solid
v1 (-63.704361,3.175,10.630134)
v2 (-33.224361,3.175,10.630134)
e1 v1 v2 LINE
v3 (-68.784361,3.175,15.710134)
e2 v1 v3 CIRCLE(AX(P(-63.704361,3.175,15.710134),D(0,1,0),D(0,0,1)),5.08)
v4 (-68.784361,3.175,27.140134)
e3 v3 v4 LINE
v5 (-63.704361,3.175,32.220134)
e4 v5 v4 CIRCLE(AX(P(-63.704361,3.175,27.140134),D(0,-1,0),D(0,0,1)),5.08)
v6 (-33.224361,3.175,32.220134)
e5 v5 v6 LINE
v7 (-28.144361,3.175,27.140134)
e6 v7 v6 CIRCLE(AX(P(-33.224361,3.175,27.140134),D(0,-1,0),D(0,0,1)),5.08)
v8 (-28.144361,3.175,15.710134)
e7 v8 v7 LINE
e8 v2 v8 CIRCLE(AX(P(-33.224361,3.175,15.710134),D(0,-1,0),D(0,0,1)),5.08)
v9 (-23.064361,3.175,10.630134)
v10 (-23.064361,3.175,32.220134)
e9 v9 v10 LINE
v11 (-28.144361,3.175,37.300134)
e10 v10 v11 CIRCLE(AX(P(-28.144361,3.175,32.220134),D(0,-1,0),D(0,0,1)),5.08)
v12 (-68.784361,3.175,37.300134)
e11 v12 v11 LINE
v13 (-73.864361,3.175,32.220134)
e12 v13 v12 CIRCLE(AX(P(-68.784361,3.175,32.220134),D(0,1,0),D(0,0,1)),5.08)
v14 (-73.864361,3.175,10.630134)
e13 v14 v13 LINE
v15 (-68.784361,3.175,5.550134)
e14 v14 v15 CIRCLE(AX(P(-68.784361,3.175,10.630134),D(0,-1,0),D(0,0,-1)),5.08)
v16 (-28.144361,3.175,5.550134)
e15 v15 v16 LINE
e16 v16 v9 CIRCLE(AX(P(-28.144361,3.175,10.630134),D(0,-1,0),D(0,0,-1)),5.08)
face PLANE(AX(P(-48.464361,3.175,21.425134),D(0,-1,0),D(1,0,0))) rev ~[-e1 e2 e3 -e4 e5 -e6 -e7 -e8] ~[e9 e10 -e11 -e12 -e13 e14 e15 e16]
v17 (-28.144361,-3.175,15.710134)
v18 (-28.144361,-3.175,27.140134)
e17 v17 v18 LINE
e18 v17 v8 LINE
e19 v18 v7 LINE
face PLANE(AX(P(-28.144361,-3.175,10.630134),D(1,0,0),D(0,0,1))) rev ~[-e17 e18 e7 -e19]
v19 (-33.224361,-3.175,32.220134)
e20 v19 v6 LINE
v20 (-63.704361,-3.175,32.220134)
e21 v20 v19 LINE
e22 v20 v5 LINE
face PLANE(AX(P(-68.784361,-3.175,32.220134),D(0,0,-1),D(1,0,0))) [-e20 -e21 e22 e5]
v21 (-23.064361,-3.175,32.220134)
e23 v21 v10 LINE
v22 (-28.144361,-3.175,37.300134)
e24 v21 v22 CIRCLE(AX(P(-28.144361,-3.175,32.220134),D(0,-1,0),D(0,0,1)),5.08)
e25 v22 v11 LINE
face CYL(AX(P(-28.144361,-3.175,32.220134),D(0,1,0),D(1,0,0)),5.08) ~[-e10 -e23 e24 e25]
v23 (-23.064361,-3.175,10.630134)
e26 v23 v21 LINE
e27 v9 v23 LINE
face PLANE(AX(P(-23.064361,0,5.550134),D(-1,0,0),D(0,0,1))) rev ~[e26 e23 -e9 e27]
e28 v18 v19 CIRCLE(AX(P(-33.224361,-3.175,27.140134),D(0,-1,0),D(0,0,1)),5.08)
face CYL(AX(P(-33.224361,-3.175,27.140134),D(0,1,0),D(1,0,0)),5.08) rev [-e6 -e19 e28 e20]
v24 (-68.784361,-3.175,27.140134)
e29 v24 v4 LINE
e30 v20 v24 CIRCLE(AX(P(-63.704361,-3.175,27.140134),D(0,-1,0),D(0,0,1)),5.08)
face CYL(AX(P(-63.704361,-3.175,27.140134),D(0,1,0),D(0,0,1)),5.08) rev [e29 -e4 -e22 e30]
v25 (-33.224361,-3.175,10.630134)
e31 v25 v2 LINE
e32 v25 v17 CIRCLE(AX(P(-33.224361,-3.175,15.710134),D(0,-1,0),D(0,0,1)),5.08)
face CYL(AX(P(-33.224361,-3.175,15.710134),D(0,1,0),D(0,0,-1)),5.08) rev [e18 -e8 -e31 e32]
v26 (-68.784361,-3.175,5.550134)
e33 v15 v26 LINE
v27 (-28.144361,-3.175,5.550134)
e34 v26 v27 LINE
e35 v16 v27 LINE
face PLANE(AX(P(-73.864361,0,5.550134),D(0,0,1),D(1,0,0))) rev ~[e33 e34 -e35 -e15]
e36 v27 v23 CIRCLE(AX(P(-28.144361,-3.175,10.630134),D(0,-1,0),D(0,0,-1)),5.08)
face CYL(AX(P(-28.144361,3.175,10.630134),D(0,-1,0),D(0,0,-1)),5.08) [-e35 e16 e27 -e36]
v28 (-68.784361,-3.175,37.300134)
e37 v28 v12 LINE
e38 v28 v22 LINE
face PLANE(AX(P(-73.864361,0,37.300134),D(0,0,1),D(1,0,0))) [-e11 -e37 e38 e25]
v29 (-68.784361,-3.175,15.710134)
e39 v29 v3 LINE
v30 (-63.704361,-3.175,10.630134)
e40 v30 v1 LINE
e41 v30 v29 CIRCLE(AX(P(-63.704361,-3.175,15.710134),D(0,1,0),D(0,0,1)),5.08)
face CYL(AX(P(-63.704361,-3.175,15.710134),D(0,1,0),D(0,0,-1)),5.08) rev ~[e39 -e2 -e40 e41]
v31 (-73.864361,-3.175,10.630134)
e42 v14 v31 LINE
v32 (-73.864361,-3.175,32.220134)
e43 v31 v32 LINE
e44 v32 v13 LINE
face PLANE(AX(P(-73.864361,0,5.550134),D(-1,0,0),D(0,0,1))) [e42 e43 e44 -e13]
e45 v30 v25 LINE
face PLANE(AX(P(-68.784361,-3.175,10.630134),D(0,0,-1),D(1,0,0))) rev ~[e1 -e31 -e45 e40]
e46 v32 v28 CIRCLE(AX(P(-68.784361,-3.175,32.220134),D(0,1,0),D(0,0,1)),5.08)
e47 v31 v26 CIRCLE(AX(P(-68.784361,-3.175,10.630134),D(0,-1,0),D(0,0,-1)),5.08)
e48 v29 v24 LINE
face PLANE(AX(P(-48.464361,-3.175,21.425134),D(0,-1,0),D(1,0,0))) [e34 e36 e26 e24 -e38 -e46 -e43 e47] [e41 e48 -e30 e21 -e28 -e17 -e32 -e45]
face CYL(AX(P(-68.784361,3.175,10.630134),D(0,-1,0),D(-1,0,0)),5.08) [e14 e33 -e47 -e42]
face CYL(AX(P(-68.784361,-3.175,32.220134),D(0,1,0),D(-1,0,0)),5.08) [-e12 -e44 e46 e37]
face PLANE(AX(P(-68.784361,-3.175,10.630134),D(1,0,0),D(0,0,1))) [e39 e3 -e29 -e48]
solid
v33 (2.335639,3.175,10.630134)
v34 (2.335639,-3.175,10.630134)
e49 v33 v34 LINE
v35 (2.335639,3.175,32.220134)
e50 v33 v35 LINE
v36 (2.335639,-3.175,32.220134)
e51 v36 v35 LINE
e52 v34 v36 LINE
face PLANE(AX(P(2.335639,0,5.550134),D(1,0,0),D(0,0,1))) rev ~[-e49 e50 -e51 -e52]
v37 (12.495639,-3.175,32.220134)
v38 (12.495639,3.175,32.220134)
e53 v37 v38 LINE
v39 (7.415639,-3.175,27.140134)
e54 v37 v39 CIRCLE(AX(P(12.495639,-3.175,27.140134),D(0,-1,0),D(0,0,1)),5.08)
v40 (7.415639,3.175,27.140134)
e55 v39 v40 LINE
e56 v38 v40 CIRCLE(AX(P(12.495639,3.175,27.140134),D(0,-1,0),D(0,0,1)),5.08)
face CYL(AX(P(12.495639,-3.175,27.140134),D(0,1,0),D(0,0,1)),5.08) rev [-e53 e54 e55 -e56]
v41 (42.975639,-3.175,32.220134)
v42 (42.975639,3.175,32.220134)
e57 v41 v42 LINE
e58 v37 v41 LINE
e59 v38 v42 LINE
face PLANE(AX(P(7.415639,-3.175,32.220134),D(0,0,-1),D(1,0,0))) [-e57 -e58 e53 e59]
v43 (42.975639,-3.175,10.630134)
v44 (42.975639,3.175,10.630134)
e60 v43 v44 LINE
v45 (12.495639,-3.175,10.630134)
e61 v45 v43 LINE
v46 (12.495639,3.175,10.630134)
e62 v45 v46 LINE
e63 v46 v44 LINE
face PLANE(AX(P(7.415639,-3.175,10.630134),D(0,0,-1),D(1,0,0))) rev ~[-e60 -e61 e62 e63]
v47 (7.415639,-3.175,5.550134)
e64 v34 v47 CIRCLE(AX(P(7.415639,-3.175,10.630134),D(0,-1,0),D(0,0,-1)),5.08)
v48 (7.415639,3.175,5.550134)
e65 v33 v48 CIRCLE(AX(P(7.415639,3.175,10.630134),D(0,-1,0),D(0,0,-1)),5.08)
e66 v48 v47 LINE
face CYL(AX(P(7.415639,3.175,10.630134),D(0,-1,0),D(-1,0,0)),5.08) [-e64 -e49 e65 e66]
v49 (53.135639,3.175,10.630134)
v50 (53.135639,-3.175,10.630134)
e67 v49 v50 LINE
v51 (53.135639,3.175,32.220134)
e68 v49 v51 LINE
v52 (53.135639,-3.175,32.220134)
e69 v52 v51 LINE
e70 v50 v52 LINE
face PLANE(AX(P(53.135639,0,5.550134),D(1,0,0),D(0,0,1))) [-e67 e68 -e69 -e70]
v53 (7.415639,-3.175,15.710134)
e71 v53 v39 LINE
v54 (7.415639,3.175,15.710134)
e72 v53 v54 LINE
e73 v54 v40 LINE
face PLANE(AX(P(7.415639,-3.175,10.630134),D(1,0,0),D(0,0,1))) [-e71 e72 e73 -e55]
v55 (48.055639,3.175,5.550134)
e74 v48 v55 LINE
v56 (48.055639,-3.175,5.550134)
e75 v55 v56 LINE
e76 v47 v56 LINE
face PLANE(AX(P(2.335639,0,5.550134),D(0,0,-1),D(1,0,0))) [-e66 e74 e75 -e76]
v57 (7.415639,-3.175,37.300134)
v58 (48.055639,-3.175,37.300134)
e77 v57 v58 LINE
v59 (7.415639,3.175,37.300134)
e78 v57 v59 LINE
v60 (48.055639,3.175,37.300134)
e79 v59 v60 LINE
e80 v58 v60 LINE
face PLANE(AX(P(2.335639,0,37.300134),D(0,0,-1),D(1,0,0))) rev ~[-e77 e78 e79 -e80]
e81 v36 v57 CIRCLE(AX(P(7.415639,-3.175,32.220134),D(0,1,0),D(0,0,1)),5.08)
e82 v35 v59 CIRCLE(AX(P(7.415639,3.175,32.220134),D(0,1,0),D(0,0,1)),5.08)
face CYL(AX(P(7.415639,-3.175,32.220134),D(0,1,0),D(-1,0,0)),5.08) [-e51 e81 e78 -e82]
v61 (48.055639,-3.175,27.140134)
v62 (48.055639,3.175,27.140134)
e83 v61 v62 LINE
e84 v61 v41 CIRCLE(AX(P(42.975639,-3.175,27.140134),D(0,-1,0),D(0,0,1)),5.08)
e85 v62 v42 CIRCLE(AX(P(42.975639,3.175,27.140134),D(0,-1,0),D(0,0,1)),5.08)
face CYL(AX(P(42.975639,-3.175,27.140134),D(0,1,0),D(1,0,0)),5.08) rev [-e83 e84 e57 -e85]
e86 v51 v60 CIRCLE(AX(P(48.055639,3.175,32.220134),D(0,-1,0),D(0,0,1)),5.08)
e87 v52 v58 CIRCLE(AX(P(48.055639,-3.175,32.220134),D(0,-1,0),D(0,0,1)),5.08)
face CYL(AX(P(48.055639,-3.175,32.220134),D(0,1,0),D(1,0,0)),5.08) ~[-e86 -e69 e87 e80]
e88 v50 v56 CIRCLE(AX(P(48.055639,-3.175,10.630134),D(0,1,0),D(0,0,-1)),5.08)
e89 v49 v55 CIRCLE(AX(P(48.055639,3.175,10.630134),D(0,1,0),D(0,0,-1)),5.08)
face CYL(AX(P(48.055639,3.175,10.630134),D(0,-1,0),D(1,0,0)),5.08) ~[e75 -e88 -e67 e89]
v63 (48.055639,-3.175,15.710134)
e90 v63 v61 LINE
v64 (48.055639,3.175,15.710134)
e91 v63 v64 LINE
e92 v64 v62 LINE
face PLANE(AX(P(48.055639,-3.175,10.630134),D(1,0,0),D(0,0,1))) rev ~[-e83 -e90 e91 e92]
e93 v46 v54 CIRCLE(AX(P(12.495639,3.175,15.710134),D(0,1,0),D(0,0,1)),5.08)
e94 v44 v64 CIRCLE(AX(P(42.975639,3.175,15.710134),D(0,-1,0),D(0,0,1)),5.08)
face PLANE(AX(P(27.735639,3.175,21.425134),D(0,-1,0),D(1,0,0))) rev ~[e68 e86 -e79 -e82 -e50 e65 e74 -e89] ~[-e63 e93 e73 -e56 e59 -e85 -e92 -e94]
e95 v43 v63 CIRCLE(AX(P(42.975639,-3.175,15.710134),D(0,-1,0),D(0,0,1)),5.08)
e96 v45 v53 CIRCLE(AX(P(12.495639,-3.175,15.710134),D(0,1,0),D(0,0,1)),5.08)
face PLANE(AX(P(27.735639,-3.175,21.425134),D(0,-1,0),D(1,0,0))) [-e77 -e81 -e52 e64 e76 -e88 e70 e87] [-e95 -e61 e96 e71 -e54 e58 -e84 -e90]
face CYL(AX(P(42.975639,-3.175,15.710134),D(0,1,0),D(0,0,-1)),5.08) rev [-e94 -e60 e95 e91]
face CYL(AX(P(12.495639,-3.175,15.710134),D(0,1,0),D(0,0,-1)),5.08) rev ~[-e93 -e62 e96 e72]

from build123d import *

# Parameters (mm, degrees)
F0_W     = 50.8
F0_H     = 31.75
F1_DEPTH = 3.175
F2_R     = 5.08
F3_W     = 40.64
F3_H     = 21.59
F4_DEPTH = 25.4
F5_R     = 5.08
F6_W     = 40.64
F6_H     = 21.59
F7_DEPTH = 25.4
F8_R     = 5.08


with BuildPart() as f1:
    # F0 (on Front) → F1 (new body, symmetric)
    with BuildSketch(Plane.XZ):
        with Locations((-48.464361, 21.425134)):
            Rectangle(F0_W, F0_H)
        with Locations((27.735639, 21.425134)):
            Rectangle(F0_W, F0_H)
    extrude(amount=F1_DEPTH, both=True)

    # F2
    f2_edges = [f1.edges().sort_by_distance(p)[0] for p in [
        (-73.864361, 0, 37.300134),
        (-73.864361, 0, 5.550134),
        (-23.064361, 0, 5.550134),
        (-23.064361, 0, 37.300134),
        (2.335639, 0, 37.300134),
        (53.135639, 0, 37.300134),
        (53.135639, 0, 5.550134),
        (2.335639, 0, 5.550134),
    ]]
    fillet(f2_edges, radius=F2_R)

    # F3 (on face) → F4 (cut)
    with BuildSketch(Plane.XZ.offset(3.175)):
        with Locations((-48.464361, 21.425134)):
            Rectangle(F3_W, F3_H)
    extrude(amount=-F4_DEPTH, mode=Mode.SUBTRACT)

    # F5
    f5_edges = [f1.edges().sort_by_distance(p)[0] for p in [
        (-28.144361, 0, 32.220134),
        (-68.784361, 0, 10.630134),
        (-68.784361, 0, 32.220134),
        (-28.144361, 0, 10.630134),
    ]]
    fillet(f5_edges, radius=F5_R)

    # F6 (on face) → F7 (cut)
    with BuildSketch(Plane.XZ.offset(3.175)):
        with Locations((27.735639, 21.425134)):
            Rectangle(F6_W, F6_H)
    extrude(amount=-F7_DEPTH, mode=Mode.SUBTRACT)

    # F8
    f8_edges = [f1.edges().sort_by_distance(p)[0] for p in [
        (48.055639, 0, 10.630134),
        (7.415639, 0, 10.630134),
        (7.415639, 0, 32.220134),
        (48.055639, 0, 32.220134),
    ]]
    fillet(f8_edges, radius=F8_R)


solid = f1.part
